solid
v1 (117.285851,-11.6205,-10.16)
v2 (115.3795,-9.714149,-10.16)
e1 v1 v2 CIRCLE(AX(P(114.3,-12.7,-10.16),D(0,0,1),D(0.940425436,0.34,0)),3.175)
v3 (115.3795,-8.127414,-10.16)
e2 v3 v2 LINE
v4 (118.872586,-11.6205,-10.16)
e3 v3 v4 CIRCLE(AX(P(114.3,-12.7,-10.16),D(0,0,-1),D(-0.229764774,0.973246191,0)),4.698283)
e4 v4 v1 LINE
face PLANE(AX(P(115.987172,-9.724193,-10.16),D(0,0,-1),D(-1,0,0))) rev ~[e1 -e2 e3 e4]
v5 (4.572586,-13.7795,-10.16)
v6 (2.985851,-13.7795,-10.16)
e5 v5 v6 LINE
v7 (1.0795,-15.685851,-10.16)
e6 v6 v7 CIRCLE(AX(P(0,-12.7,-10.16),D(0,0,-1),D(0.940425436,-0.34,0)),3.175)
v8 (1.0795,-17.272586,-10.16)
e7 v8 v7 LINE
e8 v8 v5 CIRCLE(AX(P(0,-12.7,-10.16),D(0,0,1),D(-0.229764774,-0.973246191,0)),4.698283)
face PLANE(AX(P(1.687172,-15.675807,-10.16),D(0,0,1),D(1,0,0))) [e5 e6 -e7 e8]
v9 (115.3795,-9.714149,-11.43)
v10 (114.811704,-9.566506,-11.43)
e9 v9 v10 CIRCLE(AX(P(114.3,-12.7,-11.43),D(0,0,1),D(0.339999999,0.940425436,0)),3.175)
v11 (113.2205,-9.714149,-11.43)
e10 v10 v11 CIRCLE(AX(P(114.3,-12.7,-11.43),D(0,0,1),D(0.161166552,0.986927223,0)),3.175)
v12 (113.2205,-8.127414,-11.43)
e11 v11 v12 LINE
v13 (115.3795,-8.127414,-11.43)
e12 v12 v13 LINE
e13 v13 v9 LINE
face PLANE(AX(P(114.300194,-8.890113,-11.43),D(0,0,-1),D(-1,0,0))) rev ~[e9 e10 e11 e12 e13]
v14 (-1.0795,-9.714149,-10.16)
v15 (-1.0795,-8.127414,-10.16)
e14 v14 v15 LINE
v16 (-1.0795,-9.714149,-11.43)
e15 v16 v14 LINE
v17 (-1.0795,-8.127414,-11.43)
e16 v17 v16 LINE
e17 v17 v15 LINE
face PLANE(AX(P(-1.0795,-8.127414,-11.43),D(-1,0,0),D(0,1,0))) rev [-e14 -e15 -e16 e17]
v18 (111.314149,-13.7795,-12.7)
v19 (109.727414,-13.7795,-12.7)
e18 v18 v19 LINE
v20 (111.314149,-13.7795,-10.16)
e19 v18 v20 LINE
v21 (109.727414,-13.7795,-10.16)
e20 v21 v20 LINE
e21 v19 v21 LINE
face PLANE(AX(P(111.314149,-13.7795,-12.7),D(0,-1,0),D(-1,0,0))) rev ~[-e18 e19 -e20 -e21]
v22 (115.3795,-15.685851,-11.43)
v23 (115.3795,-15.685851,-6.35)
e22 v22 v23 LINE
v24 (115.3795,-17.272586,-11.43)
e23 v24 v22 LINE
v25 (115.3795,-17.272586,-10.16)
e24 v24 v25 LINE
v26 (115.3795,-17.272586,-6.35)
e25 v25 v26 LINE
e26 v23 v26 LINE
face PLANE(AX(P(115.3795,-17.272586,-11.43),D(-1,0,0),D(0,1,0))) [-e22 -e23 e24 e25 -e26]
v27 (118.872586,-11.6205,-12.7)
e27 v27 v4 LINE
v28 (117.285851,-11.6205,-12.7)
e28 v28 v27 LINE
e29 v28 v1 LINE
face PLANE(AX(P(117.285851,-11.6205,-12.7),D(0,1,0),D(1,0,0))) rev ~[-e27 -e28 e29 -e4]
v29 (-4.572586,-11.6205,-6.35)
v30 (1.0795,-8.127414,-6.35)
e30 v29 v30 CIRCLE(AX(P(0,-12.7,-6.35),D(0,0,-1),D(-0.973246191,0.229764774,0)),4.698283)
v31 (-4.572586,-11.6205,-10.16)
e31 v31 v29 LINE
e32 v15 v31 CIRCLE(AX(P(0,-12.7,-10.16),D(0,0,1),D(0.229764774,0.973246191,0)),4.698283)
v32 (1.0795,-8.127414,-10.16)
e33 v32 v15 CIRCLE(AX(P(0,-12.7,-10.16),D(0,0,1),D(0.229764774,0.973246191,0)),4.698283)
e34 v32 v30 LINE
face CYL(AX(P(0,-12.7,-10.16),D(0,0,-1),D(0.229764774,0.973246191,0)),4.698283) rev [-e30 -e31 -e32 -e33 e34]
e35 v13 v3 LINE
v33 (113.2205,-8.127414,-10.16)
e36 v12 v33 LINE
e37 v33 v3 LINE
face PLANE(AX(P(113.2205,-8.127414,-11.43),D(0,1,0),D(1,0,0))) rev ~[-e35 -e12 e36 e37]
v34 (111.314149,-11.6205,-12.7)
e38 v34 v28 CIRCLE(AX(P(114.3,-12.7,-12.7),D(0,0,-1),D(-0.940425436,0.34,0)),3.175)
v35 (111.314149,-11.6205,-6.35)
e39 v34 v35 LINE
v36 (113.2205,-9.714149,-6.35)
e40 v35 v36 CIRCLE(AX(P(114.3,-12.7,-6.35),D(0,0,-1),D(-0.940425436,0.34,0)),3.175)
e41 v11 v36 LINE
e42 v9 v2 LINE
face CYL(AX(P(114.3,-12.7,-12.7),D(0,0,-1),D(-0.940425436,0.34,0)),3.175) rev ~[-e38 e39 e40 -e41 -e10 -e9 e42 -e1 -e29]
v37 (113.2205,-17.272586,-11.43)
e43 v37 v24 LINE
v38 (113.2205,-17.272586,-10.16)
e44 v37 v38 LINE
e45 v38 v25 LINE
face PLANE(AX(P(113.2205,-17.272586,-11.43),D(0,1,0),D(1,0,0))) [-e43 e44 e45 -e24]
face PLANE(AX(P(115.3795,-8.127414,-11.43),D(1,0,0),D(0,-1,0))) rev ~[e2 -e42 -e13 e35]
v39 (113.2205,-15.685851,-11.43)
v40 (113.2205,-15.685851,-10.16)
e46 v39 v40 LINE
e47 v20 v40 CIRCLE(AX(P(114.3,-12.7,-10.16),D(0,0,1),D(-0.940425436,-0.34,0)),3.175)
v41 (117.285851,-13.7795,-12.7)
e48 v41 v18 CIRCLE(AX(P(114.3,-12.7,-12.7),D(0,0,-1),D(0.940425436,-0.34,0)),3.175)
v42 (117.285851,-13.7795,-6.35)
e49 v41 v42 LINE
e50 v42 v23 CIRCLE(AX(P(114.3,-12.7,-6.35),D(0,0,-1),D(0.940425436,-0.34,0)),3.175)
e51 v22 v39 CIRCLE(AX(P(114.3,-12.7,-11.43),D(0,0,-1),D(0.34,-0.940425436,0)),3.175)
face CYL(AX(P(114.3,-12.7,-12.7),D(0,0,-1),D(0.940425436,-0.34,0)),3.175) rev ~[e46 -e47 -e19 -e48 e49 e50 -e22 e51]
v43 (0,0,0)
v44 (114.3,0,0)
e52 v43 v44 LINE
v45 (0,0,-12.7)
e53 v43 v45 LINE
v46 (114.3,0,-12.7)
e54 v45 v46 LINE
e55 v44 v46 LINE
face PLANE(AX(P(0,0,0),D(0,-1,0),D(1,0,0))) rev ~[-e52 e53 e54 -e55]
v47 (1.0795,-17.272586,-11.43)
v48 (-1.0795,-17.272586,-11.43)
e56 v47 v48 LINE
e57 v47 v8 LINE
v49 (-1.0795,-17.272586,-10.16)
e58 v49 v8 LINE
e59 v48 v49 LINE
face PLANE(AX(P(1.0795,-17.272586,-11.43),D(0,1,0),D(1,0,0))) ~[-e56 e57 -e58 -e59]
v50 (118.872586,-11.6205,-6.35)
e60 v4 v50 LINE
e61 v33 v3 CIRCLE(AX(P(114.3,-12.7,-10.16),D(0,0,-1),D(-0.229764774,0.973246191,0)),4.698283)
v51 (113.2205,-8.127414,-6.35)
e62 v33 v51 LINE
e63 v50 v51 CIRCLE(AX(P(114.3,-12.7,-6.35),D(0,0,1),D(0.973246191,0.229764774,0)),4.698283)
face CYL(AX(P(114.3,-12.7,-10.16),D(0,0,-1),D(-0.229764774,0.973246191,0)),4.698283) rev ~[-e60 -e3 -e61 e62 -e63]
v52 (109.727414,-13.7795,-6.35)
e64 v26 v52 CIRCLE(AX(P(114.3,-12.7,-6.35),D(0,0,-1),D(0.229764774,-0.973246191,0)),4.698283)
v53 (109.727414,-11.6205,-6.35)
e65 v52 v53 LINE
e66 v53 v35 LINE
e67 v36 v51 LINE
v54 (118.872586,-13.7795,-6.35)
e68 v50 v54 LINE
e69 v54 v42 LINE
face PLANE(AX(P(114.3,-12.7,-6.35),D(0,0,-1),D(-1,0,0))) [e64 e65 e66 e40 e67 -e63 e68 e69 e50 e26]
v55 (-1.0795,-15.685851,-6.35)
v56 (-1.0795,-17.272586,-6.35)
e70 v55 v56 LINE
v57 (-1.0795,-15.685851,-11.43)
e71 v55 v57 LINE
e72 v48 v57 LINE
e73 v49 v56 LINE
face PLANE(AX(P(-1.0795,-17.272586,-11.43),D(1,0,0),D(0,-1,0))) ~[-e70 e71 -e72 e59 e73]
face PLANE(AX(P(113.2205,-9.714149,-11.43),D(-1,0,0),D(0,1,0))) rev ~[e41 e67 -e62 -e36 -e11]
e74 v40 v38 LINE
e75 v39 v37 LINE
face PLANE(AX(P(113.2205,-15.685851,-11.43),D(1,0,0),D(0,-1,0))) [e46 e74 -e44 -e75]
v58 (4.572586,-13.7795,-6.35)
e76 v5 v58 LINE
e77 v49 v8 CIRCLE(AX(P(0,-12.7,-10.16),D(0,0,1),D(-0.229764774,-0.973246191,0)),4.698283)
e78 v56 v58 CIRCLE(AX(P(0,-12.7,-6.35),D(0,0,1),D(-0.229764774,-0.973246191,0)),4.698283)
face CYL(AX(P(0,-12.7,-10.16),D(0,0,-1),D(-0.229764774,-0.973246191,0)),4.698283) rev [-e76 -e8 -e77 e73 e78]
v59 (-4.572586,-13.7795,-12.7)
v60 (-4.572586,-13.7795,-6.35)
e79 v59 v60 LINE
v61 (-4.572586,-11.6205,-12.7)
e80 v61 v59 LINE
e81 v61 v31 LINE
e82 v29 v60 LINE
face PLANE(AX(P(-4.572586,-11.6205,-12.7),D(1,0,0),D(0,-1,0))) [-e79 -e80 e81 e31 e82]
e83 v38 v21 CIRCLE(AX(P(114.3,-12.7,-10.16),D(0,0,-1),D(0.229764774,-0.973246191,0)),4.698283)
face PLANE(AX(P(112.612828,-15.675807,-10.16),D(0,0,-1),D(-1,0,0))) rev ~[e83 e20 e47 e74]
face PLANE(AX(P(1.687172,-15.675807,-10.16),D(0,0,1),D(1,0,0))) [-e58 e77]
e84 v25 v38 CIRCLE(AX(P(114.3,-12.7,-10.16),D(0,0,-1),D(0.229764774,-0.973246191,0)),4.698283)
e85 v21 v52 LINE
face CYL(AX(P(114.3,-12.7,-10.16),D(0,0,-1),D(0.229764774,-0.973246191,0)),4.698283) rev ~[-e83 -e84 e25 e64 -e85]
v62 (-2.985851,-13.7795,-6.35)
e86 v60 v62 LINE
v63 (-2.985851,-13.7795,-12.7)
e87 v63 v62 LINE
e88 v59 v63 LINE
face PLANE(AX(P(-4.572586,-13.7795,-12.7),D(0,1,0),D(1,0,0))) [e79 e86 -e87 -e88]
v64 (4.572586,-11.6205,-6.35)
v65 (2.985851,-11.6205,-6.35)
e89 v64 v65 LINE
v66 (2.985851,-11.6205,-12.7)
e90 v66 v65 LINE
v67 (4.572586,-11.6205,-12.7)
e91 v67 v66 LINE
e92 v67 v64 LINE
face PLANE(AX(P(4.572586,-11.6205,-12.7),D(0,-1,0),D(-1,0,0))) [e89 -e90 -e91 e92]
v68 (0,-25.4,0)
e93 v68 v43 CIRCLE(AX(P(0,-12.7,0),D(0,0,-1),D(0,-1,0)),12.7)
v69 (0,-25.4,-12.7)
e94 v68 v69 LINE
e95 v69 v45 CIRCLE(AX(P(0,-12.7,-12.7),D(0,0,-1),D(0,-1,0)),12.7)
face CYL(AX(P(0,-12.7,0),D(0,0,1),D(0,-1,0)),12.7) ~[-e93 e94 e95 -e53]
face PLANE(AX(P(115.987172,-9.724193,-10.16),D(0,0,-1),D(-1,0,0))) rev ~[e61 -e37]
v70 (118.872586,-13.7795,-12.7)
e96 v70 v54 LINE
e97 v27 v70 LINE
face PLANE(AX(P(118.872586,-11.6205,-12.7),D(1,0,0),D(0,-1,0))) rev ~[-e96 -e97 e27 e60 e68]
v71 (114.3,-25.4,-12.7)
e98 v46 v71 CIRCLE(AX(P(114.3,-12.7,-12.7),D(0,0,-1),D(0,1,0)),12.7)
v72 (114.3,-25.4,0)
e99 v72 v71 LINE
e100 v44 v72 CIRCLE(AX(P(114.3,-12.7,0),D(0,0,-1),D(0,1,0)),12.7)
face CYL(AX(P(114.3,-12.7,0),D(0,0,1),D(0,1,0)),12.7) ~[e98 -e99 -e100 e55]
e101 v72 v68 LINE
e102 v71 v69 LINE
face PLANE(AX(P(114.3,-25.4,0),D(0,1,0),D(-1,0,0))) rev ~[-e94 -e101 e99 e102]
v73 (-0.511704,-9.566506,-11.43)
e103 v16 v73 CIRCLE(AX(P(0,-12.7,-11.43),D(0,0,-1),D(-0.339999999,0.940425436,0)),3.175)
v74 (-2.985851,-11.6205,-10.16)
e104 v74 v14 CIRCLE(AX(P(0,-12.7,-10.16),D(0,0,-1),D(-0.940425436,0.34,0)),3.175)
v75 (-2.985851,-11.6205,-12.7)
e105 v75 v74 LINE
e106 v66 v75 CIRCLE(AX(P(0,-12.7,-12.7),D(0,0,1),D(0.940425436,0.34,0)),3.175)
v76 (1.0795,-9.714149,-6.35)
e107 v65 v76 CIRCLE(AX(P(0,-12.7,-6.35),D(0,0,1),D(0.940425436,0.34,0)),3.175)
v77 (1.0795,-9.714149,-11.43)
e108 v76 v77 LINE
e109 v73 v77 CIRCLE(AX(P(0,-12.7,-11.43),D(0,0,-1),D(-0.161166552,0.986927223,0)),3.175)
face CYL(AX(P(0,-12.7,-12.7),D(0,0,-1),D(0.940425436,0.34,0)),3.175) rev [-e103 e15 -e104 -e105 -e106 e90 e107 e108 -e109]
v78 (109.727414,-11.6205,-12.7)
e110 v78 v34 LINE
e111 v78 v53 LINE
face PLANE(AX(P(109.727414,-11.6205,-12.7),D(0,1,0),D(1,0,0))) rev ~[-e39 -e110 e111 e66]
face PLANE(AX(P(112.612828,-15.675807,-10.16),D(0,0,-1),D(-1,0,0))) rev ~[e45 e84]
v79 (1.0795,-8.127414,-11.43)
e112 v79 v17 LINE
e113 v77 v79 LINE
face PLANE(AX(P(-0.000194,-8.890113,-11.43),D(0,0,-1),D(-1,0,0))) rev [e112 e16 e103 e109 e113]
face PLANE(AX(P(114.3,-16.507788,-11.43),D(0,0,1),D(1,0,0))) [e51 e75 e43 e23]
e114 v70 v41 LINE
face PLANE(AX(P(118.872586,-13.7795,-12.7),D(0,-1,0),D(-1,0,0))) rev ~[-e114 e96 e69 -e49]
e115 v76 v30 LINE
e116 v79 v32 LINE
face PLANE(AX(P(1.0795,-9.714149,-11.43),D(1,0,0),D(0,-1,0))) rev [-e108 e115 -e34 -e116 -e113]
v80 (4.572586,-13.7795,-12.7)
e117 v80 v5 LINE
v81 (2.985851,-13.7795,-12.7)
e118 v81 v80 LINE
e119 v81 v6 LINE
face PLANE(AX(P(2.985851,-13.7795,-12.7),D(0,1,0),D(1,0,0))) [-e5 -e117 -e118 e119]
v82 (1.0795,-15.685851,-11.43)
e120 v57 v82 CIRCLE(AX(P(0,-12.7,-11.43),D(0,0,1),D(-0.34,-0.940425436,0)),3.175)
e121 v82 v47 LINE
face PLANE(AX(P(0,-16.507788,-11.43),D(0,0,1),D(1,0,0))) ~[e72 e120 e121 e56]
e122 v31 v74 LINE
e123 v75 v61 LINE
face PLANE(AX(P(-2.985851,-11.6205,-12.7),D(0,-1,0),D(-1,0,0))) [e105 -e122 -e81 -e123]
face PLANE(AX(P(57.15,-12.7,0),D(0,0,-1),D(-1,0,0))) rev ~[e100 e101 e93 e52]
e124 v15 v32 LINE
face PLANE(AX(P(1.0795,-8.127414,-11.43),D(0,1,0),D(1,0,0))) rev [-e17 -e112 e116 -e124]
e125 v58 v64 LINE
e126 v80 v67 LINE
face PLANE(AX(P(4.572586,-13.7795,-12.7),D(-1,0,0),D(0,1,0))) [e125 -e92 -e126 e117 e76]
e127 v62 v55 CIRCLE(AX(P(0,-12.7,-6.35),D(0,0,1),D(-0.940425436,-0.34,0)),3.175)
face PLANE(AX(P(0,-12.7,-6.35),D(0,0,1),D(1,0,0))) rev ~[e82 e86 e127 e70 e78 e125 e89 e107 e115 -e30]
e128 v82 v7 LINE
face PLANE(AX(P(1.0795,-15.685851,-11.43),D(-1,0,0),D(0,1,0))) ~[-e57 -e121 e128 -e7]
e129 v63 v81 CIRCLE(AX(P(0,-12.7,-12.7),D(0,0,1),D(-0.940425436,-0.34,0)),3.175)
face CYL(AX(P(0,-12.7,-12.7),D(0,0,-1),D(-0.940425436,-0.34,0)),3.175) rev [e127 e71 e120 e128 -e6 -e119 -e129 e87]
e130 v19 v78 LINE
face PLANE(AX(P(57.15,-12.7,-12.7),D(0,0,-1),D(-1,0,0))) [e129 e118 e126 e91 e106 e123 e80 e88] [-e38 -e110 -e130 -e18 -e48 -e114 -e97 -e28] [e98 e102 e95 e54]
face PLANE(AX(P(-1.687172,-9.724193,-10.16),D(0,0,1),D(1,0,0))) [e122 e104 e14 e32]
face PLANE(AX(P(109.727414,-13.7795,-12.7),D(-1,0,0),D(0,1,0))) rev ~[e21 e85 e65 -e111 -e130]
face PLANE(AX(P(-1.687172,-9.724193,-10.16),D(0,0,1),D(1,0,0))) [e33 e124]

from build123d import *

# Parameters (mm, degrees)
BOSS_EXTRUDE1_DEPTH = 12.7
CUT_EXTRUDE1_DEPTH  = 6.35
CUT_EXTRUDE4_START  = 3.81
CUT_EXTRUDE4_DEPTH  = 3.81
CUT_EXTRUDE5_START  = 5.08
CUT_EXTRUDE5_DEPTH  = 5.08


with BuildPart() as part:
    # Sketch1 → Boss-Extrude1 (new body)
    with BuildSketch(Plane.XY):
        with BuildLine():
            Line((0, 0), (114.3, 0))
            ThreePointArc((114.3, 0), (127, -12.7), (114.3, -25.4))
            Line((114.3, -25.4), (0, -25.4))
            ThreePointArc((0, -25.4), (-12.7, -12.7), (0, 0))
        make_face()
    extrude(amount=-BOSS_EXTRUDE1_DEPTH)

    # Sketch2 → Cut-Extrude1 (cut)
    with BuildSketch(Plane(origin=(0, 0, -12.7), x_dir=(-1, 0, 0), z_dir=(0, 0, -1))):
        with BuildLine():
            Line((-118.872586333, -11.6205), (-118.872586333, -13.7795))
            Line((-118.872586333, -13.7795), (-117.285850758, -13.7795))
            ThreePointArc((-117.285850758, -13.7795), (-114.3, -15.875), (-111.314149242, -13.7795))
            Line((-111.314149242, -13.7795), (-109.727413667, -13.7795))
            Line((-109.727413667, -13.7795), (-109.727413667, -11.6205))
            Line((-109.727413667, -11.6205), (-111.314149242, -11.6205))
            ThreePointArc((-111.314149242, -11.6205), (-114.3, -9.525), (-117.285850758, -11.6205))
            Line((-117.285850758, -11.6205), (-118.872586333, -11.6205))
        make_face()
        with BuildLine():
            Line((-4.572586333, -11.6205), (-2.985850758, -11.6205))
            ThreePointArc((-2.985850758, -11.6205), (0, -9.525), (2.985850758, -11.6205))
            Line((2.985850758, -11.6205), (4.572586333, -11.6205))
            Line((4.572586333, -11.6205), (4.572586333, -13.7795))
            Line((4.572586333, -13.7795), (2.985850758, -13.7795))
            ThreePointArc((2.985850758, -13.7795), (0, -15.875), (-2.985850758, -13.7795))
            Line((-2.985850758, -13.7795), (-4.572586333, -13.7795))
            Line((-4.572586333, -13.7795), (-4.572586333, -11.6205))
        make_face()
    extrude(amount=-CUT_EXTRUDE1_DEPTH, mode=Mode.SUBTRACT)

    # Sketch3 → Cut-Extrude4 (cut)
    with BuildSketch(Plane(origin=(0, 0, -6.35), x_dir=(-1, 0, 0), z_dir=(0, 0, -1)).offset(CUT_EXTRUDE4_START)):
        with BuildLine():
            ThreePointArc((-113.2205, -8.127413667), (-116.769985033, -8.703371426), (-118.872586333, -11.6205))
            Line((-118.872586333, -11.6205), (-117.285850758, -11.6205))
            ThreePointArc((-117.285850758, -11.6205), (-115.647993548, -9.825362911), (-113.2205, -9.714149242))
            Line((-113.2205, -9.714149242), (-113.2205, -8.127413667))
        make_face()
        with BuildLine():
            Line((-109.727413667, -13.7795), (-111.314149242, -13.7795))
            ThreePointArc((-111.314149242, -13.7795), (-112.952006452, -15.574637089), (-115.3795, -15.685850758))
            Line((-115.3795, -15.685850758), (-115.3795, -17.272586333))
            ThreePointArc((-115.3795, -17.272586333), (-111.830014967, -16.696628574), (-109.727413667, -13.7795))
        make_face()
        with BuildLine():
            ThreePointArc((-1.0795, -8.127413667), (2.469985033, -8.703371426), (4.572586333, -11.6205))
            Line((4.572586333, -11.6205), (2.985850758, -11.6205))
            ThreePointArc((2.985850758, -11.6205), (1.347993548, -9.825362911), (-1.0795, -9.714149242))
            Line((-1.0795, -9.714149242), (-1.0795, -8.127413667))
        make_face()
        with BuildLine():
            ThreePointArc((1.0795, -17.272586333), (-2.469985033, -16.696628574), (-4.572586333, -13.7795))
            Line((-4.572586333, -13.7795), (-2.985850758, -13.7795))
            ThreePointArc((-2.985850758, -13.7795), (-1.347993548, -15.574637089), (1.0795, -15.685850758))
            Line((1.0795, -15.685850758), (1.0795, -17.272586333))
        make_face()
    extrude(amount=-CUT_EXTRUDE4_DEPTH, mode=Mode.SUBTRACT)

    # Sketch4 → Cut-Extrude5 (cut)
    with BuildSketch(Plane(origin=(0, 0, -6.35), x_dir=(-1, 0, 0), z_dir=(0, 0, -1)).offset(CUT_EXTRUDE5_START)):
        with BuildLine():
            Line((-113.2205, -9.714149242), (-113.2205, -8.127413667))
            Line((-113.2205, -8.127413667), (-115.3795, -8.127413667))
            Line((-115.3795, -8.127413667), (-115.3795, -9.714149242))
            ThreePointArc((-115.3795, -9.714149242), (-115.099019405, -9.627184843), (-114.8117038, -9.566506068))
            ThreePointArc((-114.8117038, -9.566506068), (-114.006661019, -9.538579869), (-113.2205, -9.714149242))
        make_face()
        with BuildLine():
            ThreePointArc((-115.3795, -15.685850758), (-114.3, -15.875), (-113.2205, -15.685850758))
            Line((-113.2205, -15.685850758), (-113.2205, -17.272586333))
            Line((-113.2205, -17.272586333), (-115.3795, -17.272586333))
            Line((-115.3795, -17.272586333), (-115.3795, -15.685850758))
        make_face()
    cut_extrude5 = extrude(amount=-CUT_EXTRUDE5_DEPTH, mode=Mode.SUBTRACT)

    # Mirror2: Cut-Extrude5 across plane
    add(cut_extrude5.mirror(Plane(origin=(57.15, 0, 0), x_dir=(0, 0, 1), z_dir=(1, 0, 0))), mode=Mode.SUBTRACT)


solid = part.part
